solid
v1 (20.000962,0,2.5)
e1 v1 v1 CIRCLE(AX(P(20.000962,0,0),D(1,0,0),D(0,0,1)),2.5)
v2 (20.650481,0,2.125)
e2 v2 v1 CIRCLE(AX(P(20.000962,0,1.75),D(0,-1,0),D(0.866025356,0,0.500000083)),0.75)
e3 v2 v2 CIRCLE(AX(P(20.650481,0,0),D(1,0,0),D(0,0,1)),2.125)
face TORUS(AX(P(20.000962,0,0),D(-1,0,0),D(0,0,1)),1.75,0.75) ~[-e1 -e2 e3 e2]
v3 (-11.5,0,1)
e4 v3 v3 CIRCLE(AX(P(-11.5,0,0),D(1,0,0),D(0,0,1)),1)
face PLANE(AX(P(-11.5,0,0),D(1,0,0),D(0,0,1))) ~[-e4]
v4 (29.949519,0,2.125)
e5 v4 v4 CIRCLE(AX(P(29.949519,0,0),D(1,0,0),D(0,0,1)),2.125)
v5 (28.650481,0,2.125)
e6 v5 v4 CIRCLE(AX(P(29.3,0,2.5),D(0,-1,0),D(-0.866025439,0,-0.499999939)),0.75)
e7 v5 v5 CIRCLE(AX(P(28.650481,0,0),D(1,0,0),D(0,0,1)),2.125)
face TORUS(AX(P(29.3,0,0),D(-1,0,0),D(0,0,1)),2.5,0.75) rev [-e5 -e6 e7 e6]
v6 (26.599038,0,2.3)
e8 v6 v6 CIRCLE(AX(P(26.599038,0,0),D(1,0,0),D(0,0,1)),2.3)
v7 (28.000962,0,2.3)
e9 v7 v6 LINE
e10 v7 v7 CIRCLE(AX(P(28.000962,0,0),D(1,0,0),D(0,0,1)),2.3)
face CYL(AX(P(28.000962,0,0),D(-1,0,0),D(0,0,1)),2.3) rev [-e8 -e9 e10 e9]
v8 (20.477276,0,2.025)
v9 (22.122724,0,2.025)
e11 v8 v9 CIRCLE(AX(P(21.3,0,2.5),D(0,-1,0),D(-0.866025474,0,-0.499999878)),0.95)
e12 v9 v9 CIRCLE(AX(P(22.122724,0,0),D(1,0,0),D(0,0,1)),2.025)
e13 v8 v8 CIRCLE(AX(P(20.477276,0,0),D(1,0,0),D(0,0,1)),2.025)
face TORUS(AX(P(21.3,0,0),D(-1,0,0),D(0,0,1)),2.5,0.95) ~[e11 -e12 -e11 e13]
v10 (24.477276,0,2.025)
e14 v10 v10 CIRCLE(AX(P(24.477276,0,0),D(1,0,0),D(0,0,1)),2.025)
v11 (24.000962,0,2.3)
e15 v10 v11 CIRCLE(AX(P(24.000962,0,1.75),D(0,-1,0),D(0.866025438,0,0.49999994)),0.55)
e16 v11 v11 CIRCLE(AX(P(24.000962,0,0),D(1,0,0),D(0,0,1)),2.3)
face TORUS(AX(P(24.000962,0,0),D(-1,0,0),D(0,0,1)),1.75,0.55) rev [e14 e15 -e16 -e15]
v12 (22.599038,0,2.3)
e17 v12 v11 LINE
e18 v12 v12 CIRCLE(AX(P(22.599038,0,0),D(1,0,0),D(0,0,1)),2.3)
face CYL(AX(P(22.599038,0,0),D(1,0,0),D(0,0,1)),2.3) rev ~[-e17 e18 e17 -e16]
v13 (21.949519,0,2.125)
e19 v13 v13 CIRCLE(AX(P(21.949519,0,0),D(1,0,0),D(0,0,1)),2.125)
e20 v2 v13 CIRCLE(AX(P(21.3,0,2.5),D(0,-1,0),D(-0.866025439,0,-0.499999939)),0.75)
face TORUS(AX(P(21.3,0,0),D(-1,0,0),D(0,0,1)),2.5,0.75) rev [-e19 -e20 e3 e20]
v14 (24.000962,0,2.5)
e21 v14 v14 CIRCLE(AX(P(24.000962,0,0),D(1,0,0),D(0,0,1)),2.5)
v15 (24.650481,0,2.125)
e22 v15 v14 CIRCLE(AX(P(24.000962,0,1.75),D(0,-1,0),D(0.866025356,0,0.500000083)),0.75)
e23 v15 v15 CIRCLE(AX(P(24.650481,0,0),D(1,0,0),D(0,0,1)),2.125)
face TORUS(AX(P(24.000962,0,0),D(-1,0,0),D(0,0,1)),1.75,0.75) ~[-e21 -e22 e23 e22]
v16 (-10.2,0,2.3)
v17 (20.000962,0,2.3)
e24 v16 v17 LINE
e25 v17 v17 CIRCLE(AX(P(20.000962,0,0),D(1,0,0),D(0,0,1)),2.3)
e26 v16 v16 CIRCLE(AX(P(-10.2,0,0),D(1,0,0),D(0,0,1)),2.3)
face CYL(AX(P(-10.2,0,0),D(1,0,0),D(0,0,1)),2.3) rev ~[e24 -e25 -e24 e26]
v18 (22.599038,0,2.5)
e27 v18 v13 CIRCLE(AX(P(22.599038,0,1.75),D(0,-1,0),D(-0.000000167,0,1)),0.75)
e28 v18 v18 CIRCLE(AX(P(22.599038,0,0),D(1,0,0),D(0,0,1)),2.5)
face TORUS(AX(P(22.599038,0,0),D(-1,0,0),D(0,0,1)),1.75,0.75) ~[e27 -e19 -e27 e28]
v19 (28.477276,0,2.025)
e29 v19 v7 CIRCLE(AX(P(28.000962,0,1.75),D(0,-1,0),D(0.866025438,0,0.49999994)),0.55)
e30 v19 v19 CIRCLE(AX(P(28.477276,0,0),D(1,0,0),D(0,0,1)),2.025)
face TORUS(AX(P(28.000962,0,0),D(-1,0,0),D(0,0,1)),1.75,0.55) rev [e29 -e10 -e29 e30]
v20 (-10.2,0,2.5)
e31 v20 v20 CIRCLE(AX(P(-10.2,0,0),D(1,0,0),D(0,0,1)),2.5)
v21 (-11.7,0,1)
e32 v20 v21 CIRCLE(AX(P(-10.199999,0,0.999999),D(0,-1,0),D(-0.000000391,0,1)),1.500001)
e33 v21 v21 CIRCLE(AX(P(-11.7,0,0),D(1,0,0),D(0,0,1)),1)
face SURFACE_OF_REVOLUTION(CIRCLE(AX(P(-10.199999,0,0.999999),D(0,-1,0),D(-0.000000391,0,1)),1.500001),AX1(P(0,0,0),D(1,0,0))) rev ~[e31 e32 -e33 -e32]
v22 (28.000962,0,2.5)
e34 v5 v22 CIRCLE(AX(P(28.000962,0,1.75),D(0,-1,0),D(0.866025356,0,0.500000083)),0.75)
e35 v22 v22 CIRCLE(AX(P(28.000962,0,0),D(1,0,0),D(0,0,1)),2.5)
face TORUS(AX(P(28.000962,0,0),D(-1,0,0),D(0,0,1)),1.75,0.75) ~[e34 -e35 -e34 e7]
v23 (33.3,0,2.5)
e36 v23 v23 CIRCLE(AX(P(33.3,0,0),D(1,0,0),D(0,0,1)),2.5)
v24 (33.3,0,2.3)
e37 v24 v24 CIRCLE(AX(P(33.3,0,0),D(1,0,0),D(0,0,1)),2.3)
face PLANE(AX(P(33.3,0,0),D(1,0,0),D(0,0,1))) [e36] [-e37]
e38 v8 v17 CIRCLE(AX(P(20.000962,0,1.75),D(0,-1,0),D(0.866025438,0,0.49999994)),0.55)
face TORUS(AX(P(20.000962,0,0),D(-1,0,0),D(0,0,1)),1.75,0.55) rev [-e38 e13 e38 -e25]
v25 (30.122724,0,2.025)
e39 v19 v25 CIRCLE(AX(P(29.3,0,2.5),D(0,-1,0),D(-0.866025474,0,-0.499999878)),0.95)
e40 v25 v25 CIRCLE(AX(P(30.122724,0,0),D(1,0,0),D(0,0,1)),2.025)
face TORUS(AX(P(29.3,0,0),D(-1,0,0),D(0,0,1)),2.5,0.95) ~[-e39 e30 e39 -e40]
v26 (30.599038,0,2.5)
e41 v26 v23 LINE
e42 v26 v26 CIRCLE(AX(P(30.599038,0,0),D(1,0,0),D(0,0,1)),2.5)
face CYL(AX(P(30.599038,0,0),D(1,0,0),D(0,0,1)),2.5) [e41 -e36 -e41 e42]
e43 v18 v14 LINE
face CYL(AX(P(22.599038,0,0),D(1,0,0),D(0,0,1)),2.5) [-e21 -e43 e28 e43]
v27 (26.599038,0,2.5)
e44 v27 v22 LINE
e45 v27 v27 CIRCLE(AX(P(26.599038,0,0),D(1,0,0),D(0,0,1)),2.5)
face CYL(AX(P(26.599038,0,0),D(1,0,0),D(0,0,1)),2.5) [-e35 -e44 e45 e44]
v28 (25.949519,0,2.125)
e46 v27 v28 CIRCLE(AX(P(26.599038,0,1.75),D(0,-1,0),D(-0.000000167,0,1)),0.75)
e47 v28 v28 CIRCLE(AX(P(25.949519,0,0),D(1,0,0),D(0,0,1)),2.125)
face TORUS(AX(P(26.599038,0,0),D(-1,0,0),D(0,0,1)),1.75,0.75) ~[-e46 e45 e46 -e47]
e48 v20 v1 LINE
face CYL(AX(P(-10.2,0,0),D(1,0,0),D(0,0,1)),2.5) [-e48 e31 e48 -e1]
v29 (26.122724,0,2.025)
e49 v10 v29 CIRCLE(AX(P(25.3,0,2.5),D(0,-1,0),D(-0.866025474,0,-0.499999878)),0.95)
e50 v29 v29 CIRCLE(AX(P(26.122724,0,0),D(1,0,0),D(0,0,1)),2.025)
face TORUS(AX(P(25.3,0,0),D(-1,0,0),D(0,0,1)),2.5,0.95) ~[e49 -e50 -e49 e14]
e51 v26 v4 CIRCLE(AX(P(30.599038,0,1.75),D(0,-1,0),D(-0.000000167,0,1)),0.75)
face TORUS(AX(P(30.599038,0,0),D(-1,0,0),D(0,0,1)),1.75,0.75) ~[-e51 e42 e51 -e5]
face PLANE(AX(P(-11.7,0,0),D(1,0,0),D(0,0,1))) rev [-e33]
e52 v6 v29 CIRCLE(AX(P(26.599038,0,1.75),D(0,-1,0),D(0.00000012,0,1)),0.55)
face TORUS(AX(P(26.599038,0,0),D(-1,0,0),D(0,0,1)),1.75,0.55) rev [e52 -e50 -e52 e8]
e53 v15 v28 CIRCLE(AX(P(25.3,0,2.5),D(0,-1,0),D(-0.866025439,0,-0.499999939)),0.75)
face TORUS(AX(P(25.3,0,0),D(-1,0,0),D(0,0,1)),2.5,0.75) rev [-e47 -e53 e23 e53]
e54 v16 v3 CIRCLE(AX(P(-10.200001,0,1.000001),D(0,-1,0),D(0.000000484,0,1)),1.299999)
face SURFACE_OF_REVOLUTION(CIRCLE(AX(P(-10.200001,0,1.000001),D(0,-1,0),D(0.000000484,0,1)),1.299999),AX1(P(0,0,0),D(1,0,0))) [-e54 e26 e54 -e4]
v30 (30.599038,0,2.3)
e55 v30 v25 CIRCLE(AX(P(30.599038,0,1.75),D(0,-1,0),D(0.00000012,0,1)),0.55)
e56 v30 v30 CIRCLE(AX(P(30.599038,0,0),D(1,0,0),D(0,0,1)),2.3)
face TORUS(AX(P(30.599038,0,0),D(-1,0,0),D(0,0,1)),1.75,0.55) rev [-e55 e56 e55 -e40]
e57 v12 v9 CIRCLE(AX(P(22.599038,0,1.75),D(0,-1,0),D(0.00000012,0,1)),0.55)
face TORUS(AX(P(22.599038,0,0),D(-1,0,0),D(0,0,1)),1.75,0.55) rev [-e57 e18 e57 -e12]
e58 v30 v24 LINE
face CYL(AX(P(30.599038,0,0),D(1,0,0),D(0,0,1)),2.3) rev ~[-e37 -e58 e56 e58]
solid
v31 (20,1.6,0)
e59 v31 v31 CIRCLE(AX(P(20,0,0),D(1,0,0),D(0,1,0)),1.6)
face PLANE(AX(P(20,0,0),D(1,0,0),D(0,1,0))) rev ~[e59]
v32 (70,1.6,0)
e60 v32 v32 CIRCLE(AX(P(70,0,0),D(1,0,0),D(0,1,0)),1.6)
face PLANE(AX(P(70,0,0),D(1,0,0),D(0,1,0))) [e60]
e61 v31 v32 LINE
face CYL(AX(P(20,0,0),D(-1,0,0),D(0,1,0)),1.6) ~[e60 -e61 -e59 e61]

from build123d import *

# Parameters (mm, degrees)
SKETCH001_R = 1.6
PAD_DEPTH   = 50


with BuildPart() as huelse:
    # Sketch → Revolution (revolve)
    with BuildSketch(Plane.XZ):
        with BuildLine():
            Line((-11.7, 0), (-11.7, 1))
            ThreePointArc((-10.2, 2.5), (-11.26066, 2.06066), (-11.7, 1))
            Line((-10.2, 2.5), (20.000962, 2.5))
            ThreePointArc((20.650481, 2.125), (20.375962, 2.399519), (20.000962, 2.5))
            ThreePointArc((20.650481, 2.125), (21.3, 1.75), (21.949519, 2.125))
            ThreePointArc((22.599038, 2.5), (22.224038, 2.399519), (21.949519, 2.125))
            Line((22.599038, 2.5), (24.000962, 2.5))
            ThreePointArc((24.650481, 2.125), (24.375962, 2.399519), (24.000962, 2.5))
            ThreePointArc((24.650481, 2.125), (25.3, 1.75), (25.949519, 2.125))
            ThreePointArc((26.599038, 2.5), (26.224038, 2.399519), (25.949519, 2.125))
            Line((26.599038, 2.5), (28.000962, 2.5))
            ThreePointArc((28.650481, 2.125), (28.375962, 2.399519), (28.000962, 2.5))
            ThreePointArc((28.650481, 2.125), (29.3, 1.75), (29.949519, 2.125))
            ThreePointArc((30.599038, 2.5), (30.224038, 2.399519), (29.949519, 2.125))
            Line((30.599038, 2.5), (33.3, 2.5))
            Line((33.3, 2.5), (33.3, 2.3))
            Line((30.599038, 2.3), (33.3, 2.3))
            ThreePointArc((30.599038, 2.3), (30.324038, 2.226314), (30.122724, 2.025))
            ThreePointArc((28.477276, 2.025), (29.3, 1.55), (30.122724, 2.025))
            ThreePointArc((28.477276, 2.025), (28.275962, 2.226314), (28.000962, 2.3))
            Line((28.000962, 2.3), (26.599038, 2.3))
            ThreePointArc((26.599038, 2.3), (26.324038, 2.226314), (26.122724, 2.025))
            ThreePointArc((24.477276, 2.025), (25.3, 1.55), (26.122724, 2.025))
            ThreePointArc((24.477276, 2.025), (24.275962, 2.226314), (24.000962, 2.3))
            Line((22.599038, 2.3), (24.000962, 2.3))
            ThreePointArc((22.599038, 2.3), (22.324038, 2.226314), (22.122724, 2.025))
            ThreePointArc((20.477276, 2.025), (21.3, 1.55), (22.122724, 2.025))
            ThreePointArc((20.477276, 2.025), (20.275962, 2.226314), (20.000962, 2.3))
            Line((-10.2, 2.3), (20.000962, 2.3))
            ThreePointArc((-10.2, 2.3), (-11.119239, 1.919239), (-11.5, 1))
            Line((-11.5, 0), (-11.5, 1))
            Line((-11.7, 0), (-11.5, 0))
        make_face()
    revolve(axis=Axis((0, 0, 0), (1, 0, 0)))


with BuildPart() as kabel:
    # Sketch001 → Pad (new body)
    with BuildSketch(Plane.YZ.offset(20)):
        Circle(SKETCH001_R)
    extrude(amount=PAD_DEPTH)


solid = Compound([huelse.part, kabel.part])
